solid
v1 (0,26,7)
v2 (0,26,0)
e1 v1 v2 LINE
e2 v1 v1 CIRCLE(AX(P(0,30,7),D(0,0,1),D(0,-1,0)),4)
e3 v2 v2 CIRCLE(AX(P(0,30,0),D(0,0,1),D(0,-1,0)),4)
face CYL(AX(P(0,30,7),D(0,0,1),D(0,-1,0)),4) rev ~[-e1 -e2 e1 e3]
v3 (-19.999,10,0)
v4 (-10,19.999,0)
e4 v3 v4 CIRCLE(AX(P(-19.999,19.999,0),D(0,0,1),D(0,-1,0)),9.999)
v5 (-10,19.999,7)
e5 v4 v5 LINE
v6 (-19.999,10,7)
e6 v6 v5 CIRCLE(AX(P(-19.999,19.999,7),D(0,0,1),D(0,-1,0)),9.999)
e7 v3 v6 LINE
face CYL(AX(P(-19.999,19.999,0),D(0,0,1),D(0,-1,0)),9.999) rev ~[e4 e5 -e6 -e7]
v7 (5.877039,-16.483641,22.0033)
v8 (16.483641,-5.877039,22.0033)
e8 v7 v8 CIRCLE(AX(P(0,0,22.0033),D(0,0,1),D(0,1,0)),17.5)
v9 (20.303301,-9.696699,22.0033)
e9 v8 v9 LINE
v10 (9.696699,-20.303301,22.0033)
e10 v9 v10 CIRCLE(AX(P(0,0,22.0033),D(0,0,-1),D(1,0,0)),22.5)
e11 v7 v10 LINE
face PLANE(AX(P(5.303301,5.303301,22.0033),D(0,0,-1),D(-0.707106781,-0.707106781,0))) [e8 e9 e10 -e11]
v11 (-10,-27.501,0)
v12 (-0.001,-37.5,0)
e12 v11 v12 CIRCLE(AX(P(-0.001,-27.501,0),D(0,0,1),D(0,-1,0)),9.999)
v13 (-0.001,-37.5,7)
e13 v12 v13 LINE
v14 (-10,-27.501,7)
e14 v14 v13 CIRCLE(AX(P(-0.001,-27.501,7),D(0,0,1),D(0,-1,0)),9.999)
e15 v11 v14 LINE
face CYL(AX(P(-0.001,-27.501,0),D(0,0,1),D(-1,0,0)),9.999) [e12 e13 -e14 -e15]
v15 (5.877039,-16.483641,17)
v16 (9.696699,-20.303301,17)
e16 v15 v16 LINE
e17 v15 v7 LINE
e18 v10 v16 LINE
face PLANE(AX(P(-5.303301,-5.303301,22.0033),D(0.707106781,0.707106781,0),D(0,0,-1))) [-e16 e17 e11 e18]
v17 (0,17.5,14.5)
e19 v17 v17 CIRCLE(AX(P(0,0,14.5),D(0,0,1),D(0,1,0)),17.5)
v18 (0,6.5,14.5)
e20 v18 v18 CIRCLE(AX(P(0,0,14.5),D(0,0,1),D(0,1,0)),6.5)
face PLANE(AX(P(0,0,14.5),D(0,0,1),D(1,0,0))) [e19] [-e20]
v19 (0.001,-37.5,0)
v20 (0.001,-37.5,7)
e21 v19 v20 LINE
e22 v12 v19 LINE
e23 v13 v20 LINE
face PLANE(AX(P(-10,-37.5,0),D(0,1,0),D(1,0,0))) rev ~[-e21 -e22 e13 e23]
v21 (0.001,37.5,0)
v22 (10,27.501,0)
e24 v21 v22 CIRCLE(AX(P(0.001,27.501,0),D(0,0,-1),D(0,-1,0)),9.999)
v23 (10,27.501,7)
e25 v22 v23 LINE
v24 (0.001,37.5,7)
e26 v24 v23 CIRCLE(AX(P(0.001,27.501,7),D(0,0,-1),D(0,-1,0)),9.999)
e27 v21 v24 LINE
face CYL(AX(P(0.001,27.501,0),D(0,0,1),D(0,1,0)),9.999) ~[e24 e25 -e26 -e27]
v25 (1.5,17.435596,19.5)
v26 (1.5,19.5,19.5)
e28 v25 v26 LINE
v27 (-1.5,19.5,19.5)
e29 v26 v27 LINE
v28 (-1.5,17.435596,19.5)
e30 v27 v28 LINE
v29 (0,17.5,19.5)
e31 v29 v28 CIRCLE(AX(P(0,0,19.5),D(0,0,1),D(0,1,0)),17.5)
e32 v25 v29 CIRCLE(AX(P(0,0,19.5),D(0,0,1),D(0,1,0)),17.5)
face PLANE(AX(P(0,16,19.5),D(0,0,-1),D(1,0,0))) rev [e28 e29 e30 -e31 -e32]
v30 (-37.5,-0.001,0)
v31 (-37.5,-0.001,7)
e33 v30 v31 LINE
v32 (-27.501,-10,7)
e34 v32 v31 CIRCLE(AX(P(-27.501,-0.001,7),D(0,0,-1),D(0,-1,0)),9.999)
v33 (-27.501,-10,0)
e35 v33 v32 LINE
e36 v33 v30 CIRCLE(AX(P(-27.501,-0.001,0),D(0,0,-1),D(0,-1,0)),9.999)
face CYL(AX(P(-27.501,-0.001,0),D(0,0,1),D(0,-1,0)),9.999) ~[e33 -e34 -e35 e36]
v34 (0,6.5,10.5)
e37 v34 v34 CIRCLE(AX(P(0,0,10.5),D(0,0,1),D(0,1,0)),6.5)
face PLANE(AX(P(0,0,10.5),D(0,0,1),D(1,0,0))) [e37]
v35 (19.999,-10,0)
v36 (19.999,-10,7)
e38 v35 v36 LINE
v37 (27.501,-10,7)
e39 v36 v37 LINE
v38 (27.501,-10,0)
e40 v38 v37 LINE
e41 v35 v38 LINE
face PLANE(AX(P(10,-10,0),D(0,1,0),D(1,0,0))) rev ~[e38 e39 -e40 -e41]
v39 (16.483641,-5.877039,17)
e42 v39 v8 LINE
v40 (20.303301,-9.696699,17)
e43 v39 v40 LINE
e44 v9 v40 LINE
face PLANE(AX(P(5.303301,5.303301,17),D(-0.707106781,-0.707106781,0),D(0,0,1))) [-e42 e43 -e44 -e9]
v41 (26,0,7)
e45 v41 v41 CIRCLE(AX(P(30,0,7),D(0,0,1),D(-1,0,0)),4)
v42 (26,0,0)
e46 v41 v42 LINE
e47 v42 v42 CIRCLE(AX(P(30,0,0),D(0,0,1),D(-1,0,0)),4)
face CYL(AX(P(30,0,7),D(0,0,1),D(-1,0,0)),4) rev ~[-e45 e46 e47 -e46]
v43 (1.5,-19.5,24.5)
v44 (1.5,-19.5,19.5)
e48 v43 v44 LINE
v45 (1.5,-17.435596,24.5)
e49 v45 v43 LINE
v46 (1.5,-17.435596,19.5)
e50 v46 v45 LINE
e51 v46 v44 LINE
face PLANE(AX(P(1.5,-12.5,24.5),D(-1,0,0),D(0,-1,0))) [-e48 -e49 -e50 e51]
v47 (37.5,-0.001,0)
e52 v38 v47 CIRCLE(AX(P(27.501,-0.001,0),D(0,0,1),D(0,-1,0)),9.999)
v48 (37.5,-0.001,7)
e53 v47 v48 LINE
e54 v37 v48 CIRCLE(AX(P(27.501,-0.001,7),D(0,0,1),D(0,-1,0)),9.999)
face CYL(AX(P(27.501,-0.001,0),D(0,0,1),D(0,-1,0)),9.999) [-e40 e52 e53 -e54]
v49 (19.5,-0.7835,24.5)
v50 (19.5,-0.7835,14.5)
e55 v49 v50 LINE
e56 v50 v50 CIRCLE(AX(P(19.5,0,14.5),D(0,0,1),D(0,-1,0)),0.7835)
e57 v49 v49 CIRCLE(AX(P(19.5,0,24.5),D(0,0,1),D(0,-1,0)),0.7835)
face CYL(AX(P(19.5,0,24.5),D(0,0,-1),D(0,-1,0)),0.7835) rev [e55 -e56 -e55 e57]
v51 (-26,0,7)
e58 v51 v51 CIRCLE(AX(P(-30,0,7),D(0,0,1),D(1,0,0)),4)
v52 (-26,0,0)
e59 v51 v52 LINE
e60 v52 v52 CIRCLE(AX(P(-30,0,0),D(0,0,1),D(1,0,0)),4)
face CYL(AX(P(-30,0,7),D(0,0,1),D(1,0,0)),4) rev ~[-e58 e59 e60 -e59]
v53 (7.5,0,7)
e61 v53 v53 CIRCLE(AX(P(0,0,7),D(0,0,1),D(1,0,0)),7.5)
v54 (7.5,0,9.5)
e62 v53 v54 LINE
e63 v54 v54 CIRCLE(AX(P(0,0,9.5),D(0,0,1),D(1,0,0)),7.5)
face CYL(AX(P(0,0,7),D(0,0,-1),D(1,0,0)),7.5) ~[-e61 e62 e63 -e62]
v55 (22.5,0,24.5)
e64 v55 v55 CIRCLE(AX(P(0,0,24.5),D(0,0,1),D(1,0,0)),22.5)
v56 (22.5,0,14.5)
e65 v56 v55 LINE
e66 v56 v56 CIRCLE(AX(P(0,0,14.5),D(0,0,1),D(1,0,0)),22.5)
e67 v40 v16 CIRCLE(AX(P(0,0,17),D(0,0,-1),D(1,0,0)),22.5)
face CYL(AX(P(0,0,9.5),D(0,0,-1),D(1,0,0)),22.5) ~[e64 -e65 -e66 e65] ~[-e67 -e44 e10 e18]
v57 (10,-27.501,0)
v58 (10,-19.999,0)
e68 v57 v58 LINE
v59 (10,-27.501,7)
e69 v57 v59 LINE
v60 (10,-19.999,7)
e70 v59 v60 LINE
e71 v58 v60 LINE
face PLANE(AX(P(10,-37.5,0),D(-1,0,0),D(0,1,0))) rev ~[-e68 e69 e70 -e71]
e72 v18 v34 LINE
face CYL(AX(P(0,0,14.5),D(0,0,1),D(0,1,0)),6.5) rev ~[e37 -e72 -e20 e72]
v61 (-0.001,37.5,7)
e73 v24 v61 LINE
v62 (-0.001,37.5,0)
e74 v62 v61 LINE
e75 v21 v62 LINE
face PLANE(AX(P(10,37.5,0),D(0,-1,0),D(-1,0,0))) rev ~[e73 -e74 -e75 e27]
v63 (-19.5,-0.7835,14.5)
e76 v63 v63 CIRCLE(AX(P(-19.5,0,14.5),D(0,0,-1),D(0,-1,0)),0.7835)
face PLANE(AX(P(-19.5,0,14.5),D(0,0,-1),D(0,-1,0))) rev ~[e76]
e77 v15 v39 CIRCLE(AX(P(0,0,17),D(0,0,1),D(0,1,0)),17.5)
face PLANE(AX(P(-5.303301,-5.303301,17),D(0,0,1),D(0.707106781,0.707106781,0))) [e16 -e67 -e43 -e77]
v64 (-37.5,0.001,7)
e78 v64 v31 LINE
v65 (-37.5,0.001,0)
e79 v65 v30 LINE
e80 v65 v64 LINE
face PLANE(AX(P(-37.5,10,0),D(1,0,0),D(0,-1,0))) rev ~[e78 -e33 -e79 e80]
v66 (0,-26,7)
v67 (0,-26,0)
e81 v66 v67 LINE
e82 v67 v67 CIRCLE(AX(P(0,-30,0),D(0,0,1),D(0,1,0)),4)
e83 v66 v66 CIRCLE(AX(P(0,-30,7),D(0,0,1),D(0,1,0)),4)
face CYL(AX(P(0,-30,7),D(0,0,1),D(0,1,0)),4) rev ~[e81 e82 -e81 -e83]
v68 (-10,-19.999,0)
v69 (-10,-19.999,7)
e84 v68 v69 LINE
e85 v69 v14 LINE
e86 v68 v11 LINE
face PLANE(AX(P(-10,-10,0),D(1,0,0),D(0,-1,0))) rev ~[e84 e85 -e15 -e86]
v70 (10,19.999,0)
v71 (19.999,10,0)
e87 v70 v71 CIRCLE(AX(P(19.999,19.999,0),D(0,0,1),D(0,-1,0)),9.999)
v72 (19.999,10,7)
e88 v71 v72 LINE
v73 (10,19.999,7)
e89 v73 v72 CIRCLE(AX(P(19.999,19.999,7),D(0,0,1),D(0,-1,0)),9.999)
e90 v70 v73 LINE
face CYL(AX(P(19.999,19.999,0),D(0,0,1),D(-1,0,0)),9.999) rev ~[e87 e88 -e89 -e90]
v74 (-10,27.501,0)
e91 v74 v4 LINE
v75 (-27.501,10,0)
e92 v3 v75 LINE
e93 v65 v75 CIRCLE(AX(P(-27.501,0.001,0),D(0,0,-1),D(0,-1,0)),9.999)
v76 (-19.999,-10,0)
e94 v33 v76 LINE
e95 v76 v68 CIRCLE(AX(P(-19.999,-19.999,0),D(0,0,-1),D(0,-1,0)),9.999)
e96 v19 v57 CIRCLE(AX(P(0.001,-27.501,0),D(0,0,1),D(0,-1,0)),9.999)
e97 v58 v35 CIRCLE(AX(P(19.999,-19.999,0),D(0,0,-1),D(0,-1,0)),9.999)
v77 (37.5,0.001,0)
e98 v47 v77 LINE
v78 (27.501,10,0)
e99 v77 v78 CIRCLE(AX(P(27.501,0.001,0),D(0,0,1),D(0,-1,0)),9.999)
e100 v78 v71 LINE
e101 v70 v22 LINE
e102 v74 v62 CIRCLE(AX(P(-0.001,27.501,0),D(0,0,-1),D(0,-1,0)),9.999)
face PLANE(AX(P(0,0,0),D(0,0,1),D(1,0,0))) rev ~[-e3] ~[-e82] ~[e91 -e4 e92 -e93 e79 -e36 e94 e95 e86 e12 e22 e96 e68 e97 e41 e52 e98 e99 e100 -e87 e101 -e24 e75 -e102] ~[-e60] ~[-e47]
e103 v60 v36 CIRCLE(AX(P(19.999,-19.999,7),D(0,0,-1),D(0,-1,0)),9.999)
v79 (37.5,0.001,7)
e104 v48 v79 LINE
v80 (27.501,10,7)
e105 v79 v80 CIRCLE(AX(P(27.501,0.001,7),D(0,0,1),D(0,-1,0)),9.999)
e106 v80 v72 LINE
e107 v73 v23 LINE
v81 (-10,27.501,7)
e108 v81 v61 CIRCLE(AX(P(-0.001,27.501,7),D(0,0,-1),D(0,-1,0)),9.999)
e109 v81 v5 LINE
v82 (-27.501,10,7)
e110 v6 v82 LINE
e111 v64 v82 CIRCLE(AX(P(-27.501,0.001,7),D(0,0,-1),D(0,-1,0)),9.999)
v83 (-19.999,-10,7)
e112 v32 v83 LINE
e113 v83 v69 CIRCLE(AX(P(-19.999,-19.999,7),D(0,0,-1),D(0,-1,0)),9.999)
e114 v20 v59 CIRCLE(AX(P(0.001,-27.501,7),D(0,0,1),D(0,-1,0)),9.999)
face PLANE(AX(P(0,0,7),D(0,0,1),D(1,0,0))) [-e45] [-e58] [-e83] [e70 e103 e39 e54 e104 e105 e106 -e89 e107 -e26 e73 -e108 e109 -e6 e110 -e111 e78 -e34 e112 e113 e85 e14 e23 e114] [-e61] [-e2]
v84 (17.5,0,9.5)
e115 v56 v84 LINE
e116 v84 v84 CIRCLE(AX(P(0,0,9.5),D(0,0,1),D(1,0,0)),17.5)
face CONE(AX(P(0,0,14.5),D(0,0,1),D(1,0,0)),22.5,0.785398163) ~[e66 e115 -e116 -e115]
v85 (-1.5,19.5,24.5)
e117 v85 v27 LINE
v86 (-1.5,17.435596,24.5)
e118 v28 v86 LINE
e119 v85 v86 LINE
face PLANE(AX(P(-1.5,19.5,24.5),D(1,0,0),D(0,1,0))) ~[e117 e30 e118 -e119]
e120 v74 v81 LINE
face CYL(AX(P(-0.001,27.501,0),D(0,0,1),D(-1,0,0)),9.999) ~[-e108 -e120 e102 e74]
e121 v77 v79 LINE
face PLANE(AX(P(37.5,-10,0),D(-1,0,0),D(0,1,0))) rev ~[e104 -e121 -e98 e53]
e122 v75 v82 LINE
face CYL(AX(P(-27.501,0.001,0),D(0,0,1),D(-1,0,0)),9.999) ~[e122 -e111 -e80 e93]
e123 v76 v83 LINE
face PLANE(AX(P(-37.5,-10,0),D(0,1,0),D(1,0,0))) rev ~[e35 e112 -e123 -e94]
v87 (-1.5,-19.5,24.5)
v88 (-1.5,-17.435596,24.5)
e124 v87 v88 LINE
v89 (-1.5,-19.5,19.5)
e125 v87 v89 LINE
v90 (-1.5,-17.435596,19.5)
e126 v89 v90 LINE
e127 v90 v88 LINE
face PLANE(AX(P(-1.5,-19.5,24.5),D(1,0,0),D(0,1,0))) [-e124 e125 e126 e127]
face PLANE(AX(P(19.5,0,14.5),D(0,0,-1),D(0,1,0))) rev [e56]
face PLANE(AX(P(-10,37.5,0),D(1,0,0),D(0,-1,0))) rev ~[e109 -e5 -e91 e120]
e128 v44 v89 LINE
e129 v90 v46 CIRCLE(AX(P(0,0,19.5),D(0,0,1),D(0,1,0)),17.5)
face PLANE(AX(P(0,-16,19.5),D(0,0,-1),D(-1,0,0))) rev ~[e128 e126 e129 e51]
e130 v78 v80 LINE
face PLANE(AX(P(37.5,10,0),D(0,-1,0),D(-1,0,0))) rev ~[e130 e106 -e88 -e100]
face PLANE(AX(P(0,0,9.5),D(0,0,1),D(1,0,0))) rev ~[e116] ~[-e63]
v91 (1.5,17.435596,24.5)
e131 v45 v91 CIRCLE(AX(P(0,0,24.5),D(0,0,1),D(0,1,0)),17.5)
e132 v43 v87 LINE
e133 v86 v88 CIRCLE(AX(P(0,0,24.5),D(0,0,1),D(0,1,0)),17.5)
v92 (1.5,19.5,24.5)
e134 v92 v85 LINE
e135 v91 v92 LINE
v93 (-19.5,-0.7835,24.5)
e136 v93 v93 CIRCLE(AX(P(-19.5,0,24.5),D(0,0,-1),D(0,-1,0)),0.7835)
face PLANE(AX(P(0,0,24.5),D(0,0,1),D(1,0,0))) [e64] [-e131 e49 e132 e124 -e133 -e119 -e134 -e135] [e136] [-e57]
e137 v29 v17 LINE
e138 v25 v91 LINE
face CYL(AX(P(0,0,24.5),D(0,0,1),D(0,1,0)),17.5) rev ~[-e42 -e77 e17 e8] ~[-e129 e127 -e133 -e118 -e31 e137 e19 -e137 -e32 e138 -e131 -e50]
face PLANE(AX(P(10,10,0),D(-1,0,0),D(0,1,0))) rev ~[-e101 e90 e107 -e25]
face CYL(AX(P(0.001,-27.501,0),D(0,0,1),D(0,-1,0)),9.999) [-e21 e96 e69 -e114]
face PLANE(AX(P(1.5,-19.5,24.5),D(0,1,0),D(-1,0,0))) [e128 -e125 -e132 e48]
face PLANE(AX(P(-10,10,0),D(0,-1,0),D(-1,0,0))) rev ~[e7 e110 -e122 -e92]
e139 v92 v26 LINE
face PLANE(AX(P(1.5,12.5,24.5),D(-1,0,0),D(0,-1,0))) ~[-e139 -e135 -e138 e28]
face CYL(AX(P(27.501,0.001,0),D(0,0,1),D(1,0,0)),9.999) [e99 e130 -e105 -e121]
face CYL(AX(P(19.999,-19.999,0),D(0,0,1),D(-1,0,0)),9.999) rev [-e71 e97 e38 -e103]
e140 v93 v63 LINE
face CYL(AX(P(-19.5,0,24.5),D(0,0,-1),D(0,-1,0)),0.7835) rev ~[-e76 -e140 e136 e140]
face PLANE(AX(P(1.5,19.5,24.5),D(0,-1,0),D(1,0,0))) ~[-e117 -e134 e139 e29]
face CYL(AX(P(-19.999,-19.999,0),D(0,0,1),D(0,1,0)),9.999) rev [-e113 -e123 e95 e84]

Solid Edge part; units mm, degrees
sketch "Sketch1" plane through (0, 0, 0) normal (0, 0, 1) x (1, 0, 0)
  line L0 (-37.5, -10) -> (-10, -10)
  line L1 (-10, -10) -> (-10, -37.5)
  line L2 (-10, -37.5) -> (10, -37.5)
  line L3 (10, -37.5) -> (10, -10)
  line L4 (10, -10) -> (37.5, -10)
  line L5 (37.5, -10) -> (37.5, 10)
  line L6 (37.5, 10) -> (10, 10)
  line L7 (10, 10) -> (10, 37.5)
  line L8 (10, 37.5) -> (-10, 37.5)
  line L9 (-10, 37.5) -> (-10, 10)
  line L10 (-10, 10) -> (-37.5, 10)
  line L11 (-37.5, 10) -> (-37.5, -10)
extrude "Protrusion1" add sketch "Sketch1" along normal blind 7
sketch "Sketch2" plane through (0, 0, 7) normal (0, 0, 1) x (1, 0, 0)
  circle A0 centre (0, 0) radius 7.5
  dimension "D1" = 15
extrude "Protrusione_Inferiore" add sketch "Sketch2" along normal blind 2.5
sketch "Sketch3" plane through (0, 0, 9.5) normal (0, 0, 1) x (1, 0, 0)
  circle A0 centre (0, 0) radius 22.5
  dimension "D1" = 45
extrude "Protrusione_Centrale" add sketch "Sketch3" along normal blind 15
chamfer "Smusso_1" distance 5 angle 45 1 edges at (-22.5, 0, 9.5)
fillet "Rotondo_1" radius 10 12 edges at (37.5, 10, 3.5) (10, 10, 3.5) (10, 37.5, 3.5) (-10, 37.5, 3.5) (-10, 10, 3.5) (-37.5, 10, 3.5) (-37.5, -10, 3.5) (-10, -10, 3.5) (-10, -37.5, 3.5) (10, -37.5, 3.5) (10, -10, 3.5) (37.5, -10, 3.5)
sketch "Sketch4" plane through (0, 0, 7) normal (0, 0, 1) x (1, 0, 0)
  circle A0 centre (-30, 0) radius 4
  dimension "D1" = 8
  dimension "D2" = 30
extrude "Cutout1" cut sketch "Sketch4" against normal up to next
pattern_circular "Pattern1" count 4 over 360 about axis through (0, 0, 7) along (0, 0, -1) of "Cutout1"
sketch "Sketch5" plane through (0, 0, 24.5) normal (0, 0, 1) x (0, 1, 0)
  circle A0 centre (0, 0) radius 17.5
  dimension "D1" = 35
extrude "Cutout2" cut sketch "Sketch5" against normal up to vertex (10 mm away)
sketch "Sketch6" plane through (0, 0, 0) normal (0.7071, -0.7071, 0) x (0.7071, 0.7071, 0)
  line L0 (-7.5, 17) -> (7.5, 17)
  line L1 (7.5, 17) -> (7.5, 22.0033)
  line L2 (7.5, 22.0033) -> (-7.5, 22.0033)
  line L3 (-7.5, 22.0033) -> (-7.5, 17)
  dimension "D1" = 5.0033
  dimension "D2" = 15
  dimension "D3" = 2.5
extrude "Scavo_collegamenti_Profile_Plane1" cut sketch "Sketch6" along normal through all
sketch "Sketch7" plane through (0, 0, 24.5) normal (0, 0, 1) x (0, 1, 0)
  line L0 (-12.5, -1.5) -> (-19.5, -1.5)
  line L1 (-19.5, -1.5) -> (-19.5, 1.5)
  line L2 (-19.5, 1.5) -> (-12.5, 1.5)
  line L3 (-12.5, 1.5) -> (-12.5, -1.5)
  dimension "D1" = 3
  dimension "D2" = 19.5
  dimension "D3" = 7
extrude "Scavo_per_sostegno_bobine" cut sketch "Sketch7" against normal blind 5
mirror "Mirror1" about plane through (0, 0, 0) normal (0, -1, 0) of "Scavo_per_sostegno_bobine"
hole "Foro_1" at (-19.5, 0, 24.5) direction (0, 0, -1) diameter 1.567 depth 10 thread major 2 thread length 7
mirror "Mirror2" about plane through (0, 0, 0) normal (1, 0, 0) of "Foro_1"
sketch "Sketch8" plane through (0, 0, 14.5) normal (0, 0, 1) x (0, 1, 0)
  circle A0 centre (0, 0) radius 6.5
  dimension "D1" = 13
extrude "ScavoEstrusione_5" cut sketch "Sketch8" against normal blind 4
